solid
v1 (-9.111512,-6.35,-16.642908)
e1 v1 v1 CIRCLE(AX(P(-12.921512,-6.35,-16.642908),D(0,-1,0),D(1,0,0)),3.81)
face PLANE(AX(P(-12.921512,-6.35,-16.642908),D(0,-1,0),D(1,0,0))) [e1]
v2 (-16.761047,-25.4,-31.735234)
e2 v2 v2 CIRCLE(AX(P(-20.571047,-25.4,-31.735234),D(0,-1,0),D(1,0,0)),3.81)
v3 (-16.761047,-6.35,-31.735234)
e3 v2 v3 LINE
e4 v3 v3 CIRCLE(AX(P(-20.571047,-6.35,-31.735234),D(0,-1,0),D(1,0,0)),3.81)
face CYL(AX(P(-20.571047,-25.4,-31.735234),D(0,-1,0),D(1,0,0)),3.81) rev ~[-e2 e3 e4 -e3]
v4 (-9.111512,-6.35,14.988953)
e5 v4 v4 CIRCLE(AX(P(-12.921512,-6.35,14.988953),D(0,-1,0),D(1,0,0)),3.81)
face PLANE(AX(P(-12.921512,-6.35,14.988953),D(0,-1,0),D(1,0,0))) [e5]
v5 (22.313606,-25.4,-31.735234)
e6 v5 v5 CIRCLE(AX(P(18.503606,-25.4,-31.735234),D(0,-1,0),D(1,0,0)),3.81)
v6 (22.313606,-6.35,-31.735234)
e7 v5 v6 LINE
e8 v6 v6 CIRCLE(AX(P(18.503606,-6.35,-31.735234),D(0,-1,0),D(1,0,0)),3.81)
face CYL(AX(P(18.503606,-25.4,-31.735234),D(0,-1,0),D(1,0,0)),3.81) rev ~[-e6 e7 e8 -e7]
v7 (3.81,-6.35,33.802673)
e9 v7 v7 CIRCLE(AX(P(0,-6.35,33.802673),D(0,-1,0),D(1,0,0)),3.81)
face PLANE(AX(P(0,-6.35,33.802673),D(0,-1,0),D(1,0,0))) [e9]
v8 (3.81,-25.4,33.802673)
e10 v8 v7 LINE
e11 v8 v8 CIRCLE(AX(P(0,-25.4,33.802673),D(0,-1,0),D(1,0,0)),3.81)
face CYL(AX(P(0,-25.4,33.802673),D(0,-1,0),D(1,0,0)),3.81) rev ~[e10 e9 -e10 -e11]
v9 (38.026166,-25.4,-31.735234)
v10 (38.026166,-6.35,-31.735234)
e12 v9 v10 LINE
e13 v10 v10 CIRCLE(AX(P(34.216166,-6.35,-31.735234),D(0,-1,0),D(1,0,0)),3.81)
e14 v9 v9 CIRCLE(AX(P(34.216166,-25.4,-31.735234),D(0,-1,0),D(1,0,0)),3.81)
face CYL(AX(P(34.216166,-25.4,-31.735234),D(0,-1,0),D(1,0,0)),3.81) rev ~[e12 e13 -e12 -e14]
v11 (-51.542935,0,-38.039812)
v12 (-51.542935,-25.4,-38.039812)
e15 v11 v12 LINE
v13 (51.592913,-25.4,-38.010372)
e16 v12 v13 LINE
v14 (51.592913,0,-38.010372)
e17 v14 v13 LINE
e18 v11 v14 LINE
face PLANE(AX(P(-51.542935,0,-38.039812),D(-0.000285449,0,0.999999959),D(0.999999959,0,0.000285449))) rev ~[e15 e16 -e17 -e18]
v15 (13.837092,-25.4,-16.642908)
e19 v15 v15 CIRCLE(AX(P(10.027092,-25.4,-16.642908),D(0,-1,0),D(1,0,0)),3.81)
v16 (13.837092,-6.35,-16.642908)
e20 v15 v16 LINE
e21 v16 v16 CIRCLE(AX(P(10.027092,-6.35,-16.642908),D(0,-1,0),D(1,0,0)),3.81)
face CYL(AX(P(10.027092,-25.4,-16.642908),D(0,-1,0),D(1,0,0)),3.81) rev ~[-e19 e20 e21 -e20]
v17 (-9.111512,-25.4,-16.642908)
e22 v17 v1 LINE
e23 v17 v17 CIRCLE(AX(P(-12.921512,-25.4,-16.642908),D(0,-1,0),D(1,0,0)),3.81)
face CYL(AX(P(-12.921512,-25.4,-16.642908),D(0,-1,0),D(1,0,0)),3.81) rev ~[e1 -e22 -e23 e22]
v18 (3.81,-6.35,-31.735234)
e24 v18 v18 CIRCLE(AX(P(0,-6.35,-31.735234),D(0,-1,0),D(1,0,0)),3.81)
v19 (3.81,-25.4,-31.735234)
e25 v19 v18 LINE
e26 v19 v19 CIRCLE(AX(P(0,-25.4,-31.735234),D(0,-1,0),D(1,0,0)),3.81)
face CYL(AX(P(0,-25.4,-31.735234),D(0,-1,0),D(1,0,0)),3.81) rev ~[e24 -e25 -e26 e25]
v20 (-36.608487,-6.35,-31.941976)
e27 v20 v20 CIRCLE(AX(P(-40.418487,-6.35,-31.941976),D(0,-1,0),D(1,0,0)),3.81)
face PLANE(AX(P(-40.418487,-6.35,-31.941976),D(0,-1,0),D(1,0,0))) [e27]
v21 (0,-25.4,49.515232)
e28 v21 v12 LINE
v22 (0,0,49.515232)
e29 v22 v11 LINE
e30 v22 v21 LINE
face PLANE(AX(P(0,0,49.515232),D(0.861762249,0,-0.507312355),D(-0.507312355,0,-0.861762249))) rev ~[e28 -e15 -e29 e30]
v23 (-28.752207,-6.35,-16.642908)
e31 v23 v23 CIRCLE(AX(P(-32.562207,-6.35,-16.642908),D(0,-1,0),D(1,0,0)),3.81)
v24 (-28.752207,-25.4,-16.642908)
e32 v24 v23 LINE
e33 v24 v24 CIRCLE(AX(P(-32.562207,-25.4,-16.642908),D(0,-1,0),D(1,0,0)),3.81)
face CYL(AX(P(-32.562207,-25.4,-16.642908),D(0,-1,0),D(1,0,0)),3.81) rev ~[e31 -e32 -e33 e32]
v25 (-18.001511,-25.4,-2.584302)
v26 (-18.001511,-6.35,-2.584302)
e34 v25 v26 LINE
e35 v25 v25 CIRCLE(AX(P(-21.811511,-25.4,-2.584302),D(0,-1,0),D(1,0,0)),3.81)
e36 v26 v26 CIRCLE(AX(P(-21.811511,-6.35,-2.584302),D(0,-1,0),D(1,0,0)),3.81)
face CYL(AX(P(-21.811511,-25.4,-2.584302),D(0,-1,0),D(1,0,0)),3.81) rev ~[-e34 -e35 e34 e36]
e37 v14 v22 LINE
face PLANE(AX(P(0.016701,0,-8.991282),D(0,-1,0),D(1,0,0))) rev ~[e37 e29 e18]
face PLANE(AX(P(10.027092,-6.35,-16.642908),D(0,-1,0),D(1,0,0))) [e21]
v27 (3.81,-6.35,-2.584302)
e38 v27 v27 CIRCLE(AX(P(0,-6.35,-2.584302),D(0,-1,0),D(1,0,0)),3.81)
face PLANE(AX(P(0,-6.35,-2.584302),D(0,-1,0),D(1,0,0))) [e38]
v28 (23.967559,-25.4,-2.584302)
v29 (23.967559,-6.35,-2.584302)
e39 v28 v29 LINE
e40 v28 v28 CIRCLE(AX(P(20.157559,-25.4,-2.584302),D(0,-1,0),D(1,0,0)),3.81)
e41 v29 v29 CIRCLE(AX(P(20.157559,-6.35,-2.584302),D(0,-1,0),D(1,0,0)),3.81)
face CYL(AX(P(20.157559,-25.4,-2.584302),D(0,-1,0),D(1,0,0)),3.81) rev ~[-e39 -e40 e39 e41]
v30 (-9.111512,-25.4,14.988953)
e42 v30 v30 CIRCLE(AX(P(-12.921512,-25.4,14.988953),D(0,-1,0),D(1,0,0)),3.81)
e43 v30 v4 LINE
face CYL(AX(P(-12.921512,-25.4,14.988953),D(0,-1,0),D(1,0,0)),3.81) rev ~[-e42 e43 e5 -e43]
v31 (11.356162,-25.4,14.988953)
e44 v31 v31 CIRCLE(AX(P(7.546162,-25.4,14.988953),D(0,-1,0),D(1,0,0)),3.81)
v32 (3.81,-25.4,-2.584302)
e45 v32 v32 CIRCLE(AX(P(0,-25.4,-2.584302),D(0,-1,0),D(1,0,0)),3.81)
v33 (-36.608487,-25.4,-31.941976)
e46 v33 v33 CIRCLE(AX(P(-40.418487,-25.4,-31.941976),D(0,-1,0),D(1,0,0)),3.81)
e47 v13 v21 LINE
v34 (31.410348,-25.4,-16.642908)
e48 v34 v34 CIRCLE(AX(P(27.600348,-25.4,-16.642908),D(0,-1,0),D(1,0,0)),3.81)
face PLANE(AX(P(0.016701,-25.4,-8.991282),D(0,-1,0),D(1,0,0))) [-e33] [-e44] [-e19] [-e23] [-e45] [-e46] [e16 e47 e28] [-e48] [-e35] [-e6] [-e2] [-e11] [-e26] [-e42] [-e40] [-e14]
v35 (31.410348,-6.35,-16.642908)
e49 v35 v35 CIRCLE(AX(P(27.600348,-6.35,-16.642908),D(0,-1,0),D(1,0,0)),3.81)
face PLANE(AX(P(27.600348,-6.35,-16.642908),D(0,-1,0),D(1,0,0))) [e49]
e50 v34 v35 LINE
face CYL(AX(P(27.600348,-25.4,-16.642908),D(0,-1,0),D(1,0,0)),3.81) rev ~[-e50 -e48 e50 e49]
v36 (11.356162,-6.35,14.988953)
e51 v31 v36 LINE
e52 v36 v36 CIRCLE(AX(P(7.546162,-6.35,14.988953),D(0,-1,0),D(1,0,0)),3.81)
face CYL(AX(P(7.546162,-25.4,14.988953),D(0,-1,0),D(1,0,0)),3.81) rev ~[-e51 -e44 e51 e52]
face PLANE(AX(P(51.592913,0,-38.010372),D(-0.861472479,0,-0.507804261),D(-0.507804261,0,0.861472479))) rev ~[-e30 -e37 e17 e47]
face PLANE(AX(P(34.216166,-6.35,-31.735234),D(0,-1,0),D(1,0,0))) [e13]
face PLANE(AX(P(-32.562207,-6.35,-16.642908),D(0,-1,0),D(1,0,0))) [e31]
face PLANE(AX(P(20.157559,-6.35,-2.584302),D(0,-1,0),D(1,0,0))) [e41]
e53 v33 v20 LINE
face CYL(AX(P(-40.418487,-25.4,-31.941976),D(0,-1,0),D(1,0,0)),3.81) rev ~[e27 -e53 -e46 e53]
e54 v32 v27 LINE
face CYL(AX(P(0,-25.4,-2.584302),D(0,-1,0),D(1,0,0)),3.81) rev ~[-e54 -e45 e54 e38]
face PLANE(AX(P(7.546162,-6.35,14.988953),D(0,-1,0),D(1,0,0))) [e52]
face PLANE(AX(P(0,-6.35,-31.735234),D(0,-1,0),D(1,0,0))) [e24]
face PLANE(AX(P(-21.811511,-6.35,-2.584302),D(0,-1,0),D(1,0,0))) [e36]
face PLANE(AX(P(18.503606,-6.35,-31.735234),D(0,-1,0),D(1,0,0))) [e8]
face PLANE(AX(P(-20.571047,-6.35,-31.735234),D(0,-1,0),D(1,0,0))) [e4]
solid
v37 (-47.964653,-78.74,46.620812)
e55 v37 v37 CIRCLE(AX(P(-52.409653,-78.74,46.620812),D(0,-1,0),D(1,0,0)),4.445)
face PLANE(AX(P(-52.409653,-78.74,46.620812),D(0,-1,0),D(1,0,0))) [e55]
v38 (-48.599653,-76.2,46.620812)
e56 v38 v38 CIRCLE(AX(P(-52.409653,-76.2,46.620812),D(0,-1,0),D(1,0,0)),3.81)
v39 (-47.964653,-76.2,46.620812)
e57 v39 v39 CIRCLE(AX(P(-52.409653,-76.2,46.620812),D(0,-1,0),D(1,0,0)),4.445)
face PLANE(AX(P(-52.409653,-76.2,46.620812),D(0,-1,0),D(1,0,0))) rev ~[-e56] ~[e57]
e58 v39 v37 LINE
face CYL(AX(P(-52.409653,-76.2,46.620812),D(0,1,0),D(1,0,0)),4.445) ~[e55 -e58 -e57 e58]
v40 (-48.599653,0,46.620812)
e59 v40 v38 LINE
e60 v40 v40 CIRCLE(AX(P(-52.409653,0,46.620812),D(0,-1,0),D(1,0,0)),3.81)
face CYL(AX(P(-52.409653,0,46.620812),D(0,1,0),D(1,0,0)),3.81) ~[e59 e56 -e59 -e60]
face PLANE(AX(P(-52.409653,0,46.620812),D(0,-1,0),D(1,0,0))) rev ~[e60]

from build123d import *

# Parameters (mm, degrees)
F1_DEPTH = 25.4
F2_R     = 3.81
F3_DEPTH = 19.05
F4_R     = 3.81
F5_DEPTH = 76.2
F6_R     = 4.445
F7_DEPTH = 2.54


with BuildPart() as f1:
    # F0 (on Front) → F1 (new body)
    with BuildSketch(Plane.XZ):
        Polygon((51.592913, -38.010372), (0, 49.515232), (-51.542935, -38.039812), align=None)
    extrude(amount=F1_DEPTH)

    # F2 (on face) → F3 (cut)
    with BuildSketch(Plane.XZ.offset(25.4)):
        with Locations((0, 33.802673)):
            Circle(F2_R)
        with Locations((-12.921512, 14.988953)):
            Circle(F2_R)
        with Locations((7.546162, 14.988953)):
            Circle(F2_R)
        with Locations((-21.811511, -2.584302)):
            Circle(F2_R)
        with Locations((0, -2.584302)):
            Circle(F2_R)
        with Locations((20.157559, -2.584302)):
            Circle(F2_R)
        with Locations((-32.562207, -16.642908)):
            Circle(F2_R)
        with Locations((-12.921512, -16.642908)):
            Circle(F2_R)
        with Locations((10.027092, -16.642908)):
            Circle(F2_R)
        with Locations((27.600348, -16.642908)):
            Circle(F2_R)
        with Locations((-40.418487, -31.941976)):
            Circle(F2_R)
        with Locations((-20.571047, -31.735234)):
            Circle(F2_R)
        with Locations((0, -31.735234)):
            Circle(F2_R)
        with Locations((18.503606, -31.735234)):
            Circle(F2_R)
        with Locations((34.216166, -31.735234)):
            Circle(F2_R)
    extrude(amount=-F3_DEPTH, mode=Mode.SUBTRACT)


with BuildPart() as f5:
    # F4 (on Front) → F5 (new body)
    with BuildSketch(Plane.XZ):
        with Locations((-52.409653, 46.620812)):
            Circle(F4_R)
    extrude(amount=F5_DEPTH)

    # F6 (on face) → F7 (join)
    with BuildSketch(Plane.XZ.offset(76.2)):
        with Locations((-52.409653, 46.620812)):
            Circle(F6_R)
    extrude(amount=F7_DEPTH)


solid = Compound([f1.part, f5.part])
